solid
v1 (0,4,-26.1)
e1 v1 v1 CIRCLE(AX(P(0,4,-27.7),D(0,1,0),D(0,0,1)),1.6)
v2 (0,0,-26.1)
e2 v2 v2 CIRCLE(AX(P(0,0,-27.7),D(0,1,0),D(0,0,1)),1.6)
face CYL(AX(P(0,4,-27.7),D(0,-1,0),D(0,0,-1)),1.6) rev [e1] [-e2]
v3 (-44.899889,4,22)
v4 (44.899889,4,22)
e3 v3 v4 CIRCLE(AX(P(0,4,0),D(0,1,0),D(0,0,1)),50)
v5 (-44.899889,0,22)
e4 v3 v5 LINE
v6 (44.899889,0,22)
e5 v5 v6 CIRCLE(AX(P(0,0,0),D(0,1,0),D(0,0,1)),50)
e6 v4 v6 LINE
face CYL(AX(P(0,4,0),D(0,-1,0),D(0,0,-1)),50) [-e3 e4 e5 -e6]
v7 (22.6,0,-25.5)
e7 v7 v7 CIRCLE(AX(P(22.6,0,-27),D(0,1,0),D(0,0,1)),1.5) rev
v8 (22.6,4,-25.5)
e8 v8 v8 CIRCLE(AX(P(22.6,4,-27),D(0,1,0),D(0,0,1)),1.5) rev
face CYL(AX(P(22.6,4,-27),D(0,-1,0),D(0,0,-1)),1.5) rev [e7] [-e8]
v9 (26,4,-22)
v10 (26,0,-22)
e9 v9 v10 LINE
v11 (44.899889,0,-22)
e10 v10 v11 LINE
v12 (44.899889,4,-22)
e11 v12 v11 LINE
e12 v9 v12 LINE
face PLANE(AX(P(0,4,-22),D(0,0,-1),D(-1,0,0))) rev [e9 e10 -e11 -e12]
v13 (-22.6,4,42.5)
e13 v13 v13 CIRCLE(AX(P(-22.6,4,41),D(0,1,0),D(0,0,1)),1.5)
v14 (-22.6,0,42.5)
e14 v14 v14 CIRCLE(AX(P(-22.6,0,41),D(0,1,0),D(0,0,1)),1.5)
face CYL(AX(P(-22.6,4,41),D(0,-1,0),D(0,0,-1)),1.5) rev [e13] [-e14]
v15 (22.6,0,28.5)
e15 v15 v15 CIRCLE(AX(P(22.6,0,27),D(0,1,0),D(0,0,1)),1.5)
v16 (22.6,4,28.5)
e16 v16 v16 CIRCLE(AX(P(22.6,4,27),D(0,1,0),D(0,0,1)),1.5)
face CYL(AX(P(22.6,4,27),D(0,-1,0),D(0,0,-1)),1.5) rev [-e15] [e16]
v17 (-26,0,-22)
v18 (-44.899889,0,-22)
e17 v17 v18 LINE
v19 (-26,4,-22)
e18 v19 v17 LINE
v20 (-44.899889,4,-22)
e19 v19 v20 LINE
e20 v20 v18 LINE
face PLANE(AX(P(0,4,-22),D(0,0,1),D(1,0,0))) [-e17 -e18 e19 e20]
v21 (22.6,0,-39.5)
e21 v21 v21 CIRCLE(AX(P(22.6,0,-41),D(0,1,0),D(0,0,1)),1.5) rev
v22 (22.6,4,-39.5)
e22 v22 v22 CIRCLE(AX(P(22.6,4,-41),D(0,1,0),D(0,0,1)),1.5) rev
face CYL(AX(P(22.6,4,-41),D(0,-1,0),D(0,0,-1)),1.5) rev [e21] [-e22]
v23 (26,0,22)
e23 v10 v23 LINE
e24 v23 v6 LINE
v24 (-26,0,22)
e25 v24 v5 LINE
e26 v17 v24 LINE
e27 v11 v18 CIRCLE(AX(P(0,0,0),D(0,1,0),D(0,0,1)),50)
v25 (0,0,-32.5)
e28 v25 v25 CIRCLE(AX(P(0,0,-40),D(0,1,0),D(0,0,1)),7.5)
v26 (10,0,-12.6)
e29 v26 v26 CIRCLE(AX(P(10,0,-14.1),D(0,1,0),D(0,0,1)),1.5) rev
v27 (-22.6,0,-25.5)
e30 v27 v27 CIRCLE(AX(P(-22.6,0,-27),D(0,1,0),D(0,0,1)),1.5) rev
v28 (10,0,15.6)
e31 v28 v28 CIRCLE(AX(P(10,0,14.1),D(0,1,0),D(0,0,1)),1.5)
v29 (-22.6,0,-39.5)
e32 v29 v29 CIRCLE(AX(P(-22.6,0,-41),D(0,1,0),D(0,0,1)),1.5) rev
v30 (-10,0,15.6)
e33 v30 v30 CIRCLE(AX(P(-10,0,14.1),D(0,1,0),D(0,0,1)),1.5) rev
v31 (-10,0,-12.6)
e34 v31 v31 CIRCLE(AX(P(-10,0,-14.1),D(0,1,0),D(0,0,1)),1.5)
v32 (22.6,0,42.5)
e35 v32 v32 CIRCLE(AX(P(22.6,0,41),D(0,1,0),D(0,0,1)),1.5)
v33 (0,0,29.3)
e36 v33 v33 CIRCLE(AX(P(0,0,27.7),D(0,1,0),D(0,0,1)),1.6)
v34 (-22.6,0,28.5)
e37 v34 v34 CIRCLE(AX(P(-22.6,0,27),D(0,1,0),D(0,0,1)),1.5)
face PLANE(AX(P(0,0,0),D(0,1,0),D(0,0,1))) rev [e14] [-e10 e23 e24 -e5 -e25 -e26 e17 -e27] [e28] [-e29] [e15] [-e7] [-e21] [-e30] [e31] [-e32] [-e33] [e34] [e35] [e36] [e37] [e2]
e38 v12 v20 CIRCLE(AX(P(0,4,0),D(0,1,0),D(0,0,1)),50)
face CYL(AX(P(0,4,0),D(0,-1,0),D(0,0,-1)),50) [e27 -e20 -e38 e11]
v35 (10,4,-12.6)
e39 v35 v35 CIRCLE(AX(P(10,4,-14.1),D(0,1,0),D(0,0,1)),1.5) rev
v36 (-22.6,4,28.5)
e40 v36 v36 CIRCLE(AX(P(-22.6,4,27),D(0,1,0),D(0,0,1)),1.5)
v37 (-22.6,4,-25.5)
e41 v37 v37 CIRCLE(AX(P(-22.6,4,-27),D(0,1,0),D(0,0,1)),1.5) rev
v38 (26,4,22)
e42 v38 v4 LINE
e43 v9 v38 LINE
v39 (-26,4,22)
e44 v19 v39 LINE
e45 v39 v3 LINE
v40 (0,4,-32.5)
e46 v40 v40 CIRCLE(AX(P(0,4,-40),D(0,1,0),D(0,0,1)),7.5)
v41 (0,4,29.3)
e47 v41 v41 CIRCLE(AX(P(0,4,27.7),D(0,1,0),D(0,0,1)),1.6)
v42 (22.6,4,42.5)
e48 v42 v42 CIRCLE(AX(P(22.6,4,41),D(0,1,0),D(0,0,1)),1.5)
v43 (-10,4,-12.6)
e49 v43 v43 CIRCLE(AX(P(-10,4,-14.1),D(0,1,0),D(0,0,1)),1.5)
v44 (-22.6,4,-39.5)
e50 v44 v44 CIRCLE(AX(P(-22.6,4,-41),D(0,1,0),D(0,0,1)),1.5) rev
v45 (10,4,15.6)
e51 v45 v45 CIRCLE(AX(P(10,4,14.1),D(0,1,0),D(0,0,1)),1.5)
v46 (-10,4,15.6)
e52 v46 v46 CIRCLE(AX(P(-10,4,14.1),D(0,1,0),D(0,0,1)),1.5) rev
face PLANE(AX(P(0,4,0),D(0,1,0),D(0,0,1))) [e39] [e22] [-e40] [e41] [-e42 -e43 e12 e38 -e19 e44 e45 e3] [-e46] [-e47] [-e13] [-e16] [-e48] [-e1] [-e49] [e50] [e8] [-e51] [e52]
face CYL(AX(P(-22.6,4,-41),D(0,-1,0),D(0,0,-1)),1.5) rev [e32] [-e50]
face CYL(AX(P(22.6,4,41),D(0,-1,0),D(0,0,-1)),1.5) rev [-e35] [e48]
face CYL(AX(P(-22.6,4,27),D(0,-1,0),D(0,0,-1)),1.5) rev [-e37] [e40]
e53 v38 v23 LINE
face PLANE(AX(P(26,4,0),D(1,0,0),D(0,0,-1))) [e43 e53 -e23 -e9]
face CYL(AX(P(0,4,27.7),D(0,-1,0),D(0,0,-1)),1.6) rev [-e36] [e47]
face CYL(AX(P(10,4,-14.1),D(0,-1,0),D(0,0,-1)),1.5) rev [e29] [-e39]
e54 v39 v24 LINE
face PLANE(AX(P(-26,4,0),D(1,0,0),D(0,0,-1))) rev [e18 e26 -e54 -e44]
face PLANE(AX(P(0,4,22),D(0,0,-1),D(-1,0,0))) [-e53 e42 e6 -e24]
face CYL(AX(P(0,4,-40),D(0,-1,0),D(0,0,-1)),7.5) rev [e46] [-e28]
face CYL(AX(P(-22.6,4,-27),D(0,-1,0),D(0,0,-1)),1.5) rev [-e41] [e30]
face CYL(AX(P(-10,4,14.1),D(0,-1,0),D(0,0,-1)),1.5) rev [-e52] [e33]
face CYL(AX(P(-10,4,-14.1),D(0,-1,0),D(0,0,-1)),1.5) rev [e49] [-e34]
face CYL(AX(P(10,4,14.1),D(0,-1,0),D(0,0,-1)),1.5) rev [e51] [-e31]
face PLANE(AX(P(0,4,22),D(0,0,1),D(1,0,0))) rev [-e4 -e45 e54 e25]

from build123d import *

# Parameters (mm, degrees)
SKETCH1_R           = 1.5
SKETCH1_R_2         = 1.6
SKETCH1_R_3         = 7.5
BOSS_EXTRUDE1_DEPTH = 4


with BuildPart() as part:
    # Sketch1 → Boss-Extrude1 (new body)
    with BuildSketch(Plane(origin=(0, 0, 0), x_dir=(1, 0, 0), z_dir=(0, 1, 0))):
        with BuildLine():
            Line((-44.899888641, 22), (-26, 22))
            Line((-26, 22), (-26, -22))
            Line((-26, -22), (-44.899888641, -22))
            ThreePointArc((-44.899888641, -22), (0, -50), (44.899888641, -22))
            Line((44.899888641, -22), (26, -22))
            Line((26, -22), (26, 22))
            Line((26, 22), (44.899888641, 22))
            ThreePointArc((44.899888641, 22), (0, 50), (-44.899888641, 22))
        make_face()
        with Locations((-22.6, -41)):
            Circle(SKETCH1_R, mode=Mode.SUBTRACT)
        with Locations((-22.6, -27)):
            Circle(SKETCH1_R, mode=Mode.SUBTRACT)
        with Locations((-10, -14.1)):
            Circle(SKETCH1_R, mode=Mode.SUBTRACT)
        with Locations((0, -27.7)):
            Circle(SKETCH1_R_2, mode=Mode.SUBTRACT)
        with Locations((22.6, -41)):
            Circle(SKETCH1_R, mode=Mode.SUBTRACT)
        with Locations((22.6, -27)):
            Circle(SKETCH1_R, mode=Mode.SUBTRACT)
        with Locations((10, -14.1)):
            Circle(SKETCH1_R, mode=Mode.SUBTRACT)
        with Locations((-10, 14.1)):
            Circle(SKETCH1_R, mode=Mode.SUBTRACT)
        with Locations((-22.6, 27)):
            Circle(SKETCH1_R, mode=Mode.SUBTRACT)
        with Locations((-22.6, 41)):
            Circle(SKETCH1_R, mode=Mode.SUBTRACT)
        with Locations((0, 40)):
            Circle(SKETCH1_R_3, mode=Mode.SUBTRACT)
        with Locations((10, 14.1)):
            Circle(SKETCH1_R, mode=Mode.SUBTRACT)
        with Locations((0, 27.7)):
            Circle(SKETCH1_R_2, mode=Mode.SUBTRACT)
        with Locations((22.6, 27)):
            Circle(SKETCH1_R, mode=Mode.SUBTRACT)
        with Locations((22.6, 41)):
            Circle(SKETCH1_R, mode=Mode.SUBTRACT)
    extrude(amount=BOSS_EXTRUDE1_DEPTH)


solid = part.part
